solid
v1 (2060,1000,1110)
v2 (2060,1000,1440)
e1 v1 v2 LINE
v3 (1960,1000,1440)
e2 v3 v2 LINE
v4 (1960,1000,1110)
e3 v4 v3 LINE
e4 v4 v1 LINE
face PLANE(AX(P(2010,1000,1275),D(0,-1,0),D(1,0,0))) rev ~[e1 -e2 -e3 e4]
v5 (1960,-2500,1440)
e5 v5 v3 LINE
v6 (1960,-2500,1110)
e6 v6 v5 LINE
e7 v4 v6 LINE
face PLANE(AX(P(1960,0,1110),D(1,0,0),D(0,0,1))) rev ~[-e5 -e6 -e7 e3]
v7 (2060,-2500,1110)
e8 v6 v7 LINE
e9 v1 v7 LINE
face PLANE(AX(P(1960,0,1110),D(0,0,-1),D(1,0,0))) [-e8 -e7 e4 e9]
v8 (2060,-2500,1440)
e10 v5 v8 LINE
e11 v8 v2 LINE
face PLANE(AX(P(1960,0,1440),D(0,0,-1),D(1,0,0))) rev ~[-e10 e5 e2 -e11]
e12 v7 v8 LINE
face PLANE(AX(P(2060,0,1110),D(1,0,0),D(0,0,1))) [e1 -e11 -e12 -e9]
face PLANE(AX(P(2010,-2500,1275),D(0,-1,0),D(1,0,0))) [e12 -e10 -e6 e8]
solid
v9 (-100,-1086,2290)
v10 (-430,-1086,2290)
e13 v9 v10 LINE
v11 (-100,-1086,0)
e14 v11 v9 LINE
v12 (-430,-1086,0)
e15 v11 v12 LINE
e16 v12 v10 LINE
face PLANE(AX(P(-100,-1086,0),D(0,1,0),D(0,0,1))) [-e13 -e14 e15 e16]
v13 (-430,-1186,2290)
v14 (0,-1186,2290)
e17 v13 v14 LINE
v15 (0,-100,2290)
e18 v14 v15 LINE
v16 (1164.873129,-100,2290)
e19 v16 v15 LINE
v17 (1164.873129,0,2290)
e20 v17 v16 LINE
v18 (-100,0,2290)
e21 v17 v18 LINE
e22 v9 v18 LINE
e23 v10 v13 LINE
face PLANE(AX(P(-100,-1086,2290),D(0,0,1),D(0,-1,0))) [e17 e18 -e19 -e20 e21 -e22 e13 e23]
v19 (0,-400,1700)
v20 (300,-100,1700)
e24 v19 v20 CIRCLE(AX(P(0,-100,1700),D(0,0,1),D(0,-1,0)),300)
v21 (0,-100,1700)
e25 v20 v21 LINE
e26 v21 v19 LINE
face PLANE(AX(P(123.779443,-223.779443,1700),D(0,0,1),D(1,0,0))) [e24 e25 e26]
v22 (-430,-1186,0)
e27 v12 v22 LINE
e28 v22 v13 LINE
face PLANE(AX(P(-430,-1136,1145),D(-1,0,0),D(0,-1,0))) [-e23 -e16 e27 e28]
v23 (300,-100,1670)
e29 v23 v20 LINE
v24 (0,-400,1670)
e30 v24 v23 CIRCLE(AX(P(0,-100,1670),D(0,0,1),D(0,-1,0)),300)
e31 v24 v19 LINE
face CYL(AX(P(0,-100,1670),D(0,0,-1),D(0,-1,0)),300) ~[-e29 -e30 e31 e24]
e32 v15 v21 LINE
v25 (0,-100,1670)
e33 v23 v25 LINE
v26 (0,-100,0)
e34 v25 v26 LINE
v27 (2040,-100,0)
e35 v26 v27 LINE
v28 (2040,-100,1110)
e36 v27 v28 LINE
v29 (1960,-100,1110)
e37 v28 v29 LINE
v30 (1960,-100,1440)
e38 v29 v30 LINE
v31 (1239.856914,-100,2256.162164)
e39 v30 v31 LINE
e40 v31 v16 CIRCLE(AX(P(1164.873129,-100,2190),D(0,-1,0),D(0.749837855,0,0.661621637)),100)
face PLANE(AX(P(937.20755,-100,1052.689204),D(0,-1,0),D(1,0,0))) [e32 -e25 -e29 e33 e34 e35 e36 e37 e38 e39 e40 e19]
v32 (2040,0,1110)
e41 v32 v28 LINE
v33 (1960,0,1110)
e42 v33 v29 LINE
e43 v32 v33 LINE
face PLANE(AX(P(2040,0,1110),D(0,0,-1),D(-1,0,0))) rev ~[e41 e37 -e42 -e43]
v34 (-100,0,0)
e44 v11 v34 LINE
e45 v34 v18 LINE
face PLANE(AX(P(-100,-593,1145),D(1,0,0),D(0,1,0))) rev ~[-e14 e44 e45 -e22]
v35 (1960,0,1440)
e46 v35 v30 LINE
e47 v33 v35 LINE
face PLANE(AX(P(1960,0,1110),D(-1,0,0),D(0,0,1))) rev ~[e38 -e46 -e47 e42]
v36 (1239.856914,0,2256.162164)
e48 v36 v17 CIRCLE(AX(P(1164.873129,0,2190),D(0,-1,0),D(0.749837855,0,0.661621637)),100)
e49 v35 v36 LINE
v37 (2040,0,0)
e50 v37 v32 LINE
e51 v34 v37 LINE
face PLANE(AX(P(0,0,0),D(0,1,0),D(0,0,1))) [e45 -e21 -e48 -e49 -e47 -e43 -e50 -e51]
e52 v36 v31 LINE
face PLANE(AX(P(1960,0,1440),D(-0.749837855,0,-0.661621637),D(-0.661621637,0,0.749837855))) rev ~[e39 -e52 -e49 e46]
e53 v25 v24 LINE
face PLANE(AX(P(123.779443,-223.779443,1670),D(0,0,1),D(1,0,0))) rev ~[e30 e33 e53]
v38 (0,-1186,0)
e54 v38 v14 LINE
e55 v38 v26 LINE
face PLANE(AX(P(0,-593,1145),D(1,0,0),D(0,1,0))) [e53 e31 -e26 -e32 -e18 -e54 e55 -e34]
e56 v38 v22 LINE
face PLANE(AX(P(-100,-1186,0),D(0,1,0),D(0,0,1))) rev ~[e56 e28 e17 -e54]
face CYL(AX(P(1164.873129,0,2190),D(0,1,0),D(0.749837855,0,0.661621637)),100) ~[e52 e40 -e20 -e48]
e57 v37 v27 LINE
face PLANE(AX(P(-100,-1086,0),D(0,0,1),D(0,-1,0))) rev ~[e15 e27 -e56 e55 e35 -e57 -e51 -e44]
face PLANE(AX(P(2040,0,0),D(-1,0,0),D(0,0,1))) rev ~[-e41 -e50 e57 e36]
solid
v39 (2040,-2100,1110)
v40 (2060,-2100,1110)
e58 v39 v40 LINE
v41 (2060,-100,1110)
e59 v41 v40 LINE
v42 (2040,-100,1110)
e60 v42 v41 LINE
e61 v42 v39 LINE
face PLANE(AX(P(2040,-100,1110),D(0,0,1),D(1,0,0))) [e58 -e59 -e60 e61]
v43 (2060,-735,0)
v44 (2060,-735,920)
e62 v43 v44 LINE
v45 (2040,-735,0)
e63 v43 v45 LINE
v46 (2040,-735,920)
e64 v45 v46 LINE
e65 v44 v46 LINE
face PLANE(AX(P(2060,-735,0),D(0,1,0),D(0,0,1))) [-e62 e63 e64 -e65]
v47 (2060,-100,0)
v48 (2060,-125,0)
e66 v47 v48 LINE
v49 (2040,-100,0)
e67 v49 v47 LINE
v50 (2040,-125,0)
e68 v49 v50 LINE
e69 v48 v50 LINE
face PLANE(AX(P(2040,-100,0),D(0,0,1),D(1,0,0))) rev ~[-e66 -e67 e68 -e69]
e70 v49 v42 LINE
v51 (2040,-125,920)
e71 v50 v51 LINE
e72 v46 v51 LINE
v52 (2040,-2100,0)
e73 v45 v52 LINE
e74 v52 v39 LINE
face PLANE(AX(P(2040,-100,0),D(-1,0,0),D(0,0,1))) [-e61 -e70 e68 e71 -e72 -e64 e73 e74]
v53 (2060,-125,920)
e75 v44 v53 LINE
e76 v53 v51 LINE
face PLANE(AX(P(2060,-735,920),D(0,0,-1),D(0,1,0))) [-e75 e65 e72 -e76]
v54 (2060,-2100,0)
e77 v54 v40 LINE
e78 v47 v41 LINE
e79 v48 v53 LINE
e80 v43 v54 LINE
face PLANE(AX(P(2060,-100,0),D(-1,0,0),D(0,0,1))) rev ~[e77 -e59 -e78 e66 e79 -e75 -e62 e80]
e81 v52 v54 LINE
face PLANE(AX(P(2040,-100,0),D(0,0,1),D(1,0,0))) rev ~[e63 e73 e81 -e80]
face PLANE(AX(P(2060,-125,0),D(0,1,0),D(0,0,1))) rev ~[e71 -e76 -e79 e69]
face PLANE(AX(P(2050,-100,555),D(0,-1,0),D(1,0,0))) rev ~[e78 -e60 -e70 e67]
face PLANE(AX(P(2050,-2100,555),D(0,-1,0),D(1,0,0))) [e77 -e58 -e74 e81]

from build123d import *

# Parameters (mm, degrees)
F1_DEPTH      = 100
F2_W          = 1186
F2_H          = 2290
F3_DEPTH      = 100
F4_W          = 100
F4_H          = 330
F5_DEPTH      = 2500
F5_DEPTH_BACK = 1000
F6_W          = 100
F6_H          = 2290
F7_DEPTH      = 330
F8_W          = 20
F8_H          = 1110
F9_DEPTH      = 2000
F10_W         = 610
F10_H         = 920
F11_DEPTH     = 20
F13_START     = 1670
F13_DEPTH     = 30


with BuildPart() as f1:
    # F0 (on Front) → F1 (new body)
    with BuildSketch(Plane.XZ):
        with BuildLine():
            Line((1164.8731288382, 2290), (0, 2290))
            Line((0, 2290), (0, 0))
            Line((0, 0), (2040, 0))
            Line((2040, 0), (2040, 1110))
            Line((2040, 1110), (1960, 1110))
            Line((1960, 1110), (1960, 1440))
            Line((1960, 1440), (1239.8569143747, 2256.1621637087))
            ThreePointArc((1239.8569143747, 2256.1621637087), (1206.0057413806, 2281.1488243777), (1164.8731288382, 2290))
        make_face()
    extrude(amount=F1_DEPTH)

    # F2 (on Right) → F3 (join)
    with BuildSketch(Plane.YZ):
        with Locations((-593, 1145)):
            Rectangle(F2_W, F2_H)
    extrude(amount=-F3_DEPTH)

    # F6 (on face) → F7 (join)
    with BuildSketch(Plane(origin=(-100, 0, 0), x_dir=(0, -1, 0), z_dir=(-1, 0, 0))):
        with Locations((1136, 1145)):
            Rectangle(F6_W, F6_H)
    extrude(amount=F7_DEPTH)

    # F12 (on Top) → F13 (join)
    with BuildSketch(Plane.XY.offset(F13_START)):
        with BuildLine():
            Line((300, -100), (0, -100))
            Line((0, -100), (0, -400))
            ThreePointArc((0, -400), (212.132034356, -312.132034356), (300, -100))
        make_face()
    extrude(amount=F13_DEPTH)


with BuildPart() as f5:
    # F4 (on Front) → F5 (new body, two sides)
    with BuildSketch(Plane.XZ) as f5_sk:
        with Locations((2010, 1275)):
            Rectangle(F4_W, F4_H)
    extrude(amount=F5_DEPTH)
    extrude(f5_sk.sketch, amount=-F5_DEPTH_BACK)


with BuildPart() as f9:
    # F8 (on face) → F9 (new body)
    with BuildSketch(Plane.XZ.offset(100)):
        with Locations((2050, 555)):
            Rectangle(F8_W, F8_H)
    extrude(amount=F9_DEPTH)

    # F10 (on face) → F11 (cut)
    with BuildSketch(Plane.YZ.offset(2060)):
        with Locations((-430, 460)):
            Rectangle(F10_W, F10_H)
    extrude(amount=-F11_DEPTH, mode=Mode.SUBTRACT)


solid = Compound([f1.part, f5.part, f9.part])
